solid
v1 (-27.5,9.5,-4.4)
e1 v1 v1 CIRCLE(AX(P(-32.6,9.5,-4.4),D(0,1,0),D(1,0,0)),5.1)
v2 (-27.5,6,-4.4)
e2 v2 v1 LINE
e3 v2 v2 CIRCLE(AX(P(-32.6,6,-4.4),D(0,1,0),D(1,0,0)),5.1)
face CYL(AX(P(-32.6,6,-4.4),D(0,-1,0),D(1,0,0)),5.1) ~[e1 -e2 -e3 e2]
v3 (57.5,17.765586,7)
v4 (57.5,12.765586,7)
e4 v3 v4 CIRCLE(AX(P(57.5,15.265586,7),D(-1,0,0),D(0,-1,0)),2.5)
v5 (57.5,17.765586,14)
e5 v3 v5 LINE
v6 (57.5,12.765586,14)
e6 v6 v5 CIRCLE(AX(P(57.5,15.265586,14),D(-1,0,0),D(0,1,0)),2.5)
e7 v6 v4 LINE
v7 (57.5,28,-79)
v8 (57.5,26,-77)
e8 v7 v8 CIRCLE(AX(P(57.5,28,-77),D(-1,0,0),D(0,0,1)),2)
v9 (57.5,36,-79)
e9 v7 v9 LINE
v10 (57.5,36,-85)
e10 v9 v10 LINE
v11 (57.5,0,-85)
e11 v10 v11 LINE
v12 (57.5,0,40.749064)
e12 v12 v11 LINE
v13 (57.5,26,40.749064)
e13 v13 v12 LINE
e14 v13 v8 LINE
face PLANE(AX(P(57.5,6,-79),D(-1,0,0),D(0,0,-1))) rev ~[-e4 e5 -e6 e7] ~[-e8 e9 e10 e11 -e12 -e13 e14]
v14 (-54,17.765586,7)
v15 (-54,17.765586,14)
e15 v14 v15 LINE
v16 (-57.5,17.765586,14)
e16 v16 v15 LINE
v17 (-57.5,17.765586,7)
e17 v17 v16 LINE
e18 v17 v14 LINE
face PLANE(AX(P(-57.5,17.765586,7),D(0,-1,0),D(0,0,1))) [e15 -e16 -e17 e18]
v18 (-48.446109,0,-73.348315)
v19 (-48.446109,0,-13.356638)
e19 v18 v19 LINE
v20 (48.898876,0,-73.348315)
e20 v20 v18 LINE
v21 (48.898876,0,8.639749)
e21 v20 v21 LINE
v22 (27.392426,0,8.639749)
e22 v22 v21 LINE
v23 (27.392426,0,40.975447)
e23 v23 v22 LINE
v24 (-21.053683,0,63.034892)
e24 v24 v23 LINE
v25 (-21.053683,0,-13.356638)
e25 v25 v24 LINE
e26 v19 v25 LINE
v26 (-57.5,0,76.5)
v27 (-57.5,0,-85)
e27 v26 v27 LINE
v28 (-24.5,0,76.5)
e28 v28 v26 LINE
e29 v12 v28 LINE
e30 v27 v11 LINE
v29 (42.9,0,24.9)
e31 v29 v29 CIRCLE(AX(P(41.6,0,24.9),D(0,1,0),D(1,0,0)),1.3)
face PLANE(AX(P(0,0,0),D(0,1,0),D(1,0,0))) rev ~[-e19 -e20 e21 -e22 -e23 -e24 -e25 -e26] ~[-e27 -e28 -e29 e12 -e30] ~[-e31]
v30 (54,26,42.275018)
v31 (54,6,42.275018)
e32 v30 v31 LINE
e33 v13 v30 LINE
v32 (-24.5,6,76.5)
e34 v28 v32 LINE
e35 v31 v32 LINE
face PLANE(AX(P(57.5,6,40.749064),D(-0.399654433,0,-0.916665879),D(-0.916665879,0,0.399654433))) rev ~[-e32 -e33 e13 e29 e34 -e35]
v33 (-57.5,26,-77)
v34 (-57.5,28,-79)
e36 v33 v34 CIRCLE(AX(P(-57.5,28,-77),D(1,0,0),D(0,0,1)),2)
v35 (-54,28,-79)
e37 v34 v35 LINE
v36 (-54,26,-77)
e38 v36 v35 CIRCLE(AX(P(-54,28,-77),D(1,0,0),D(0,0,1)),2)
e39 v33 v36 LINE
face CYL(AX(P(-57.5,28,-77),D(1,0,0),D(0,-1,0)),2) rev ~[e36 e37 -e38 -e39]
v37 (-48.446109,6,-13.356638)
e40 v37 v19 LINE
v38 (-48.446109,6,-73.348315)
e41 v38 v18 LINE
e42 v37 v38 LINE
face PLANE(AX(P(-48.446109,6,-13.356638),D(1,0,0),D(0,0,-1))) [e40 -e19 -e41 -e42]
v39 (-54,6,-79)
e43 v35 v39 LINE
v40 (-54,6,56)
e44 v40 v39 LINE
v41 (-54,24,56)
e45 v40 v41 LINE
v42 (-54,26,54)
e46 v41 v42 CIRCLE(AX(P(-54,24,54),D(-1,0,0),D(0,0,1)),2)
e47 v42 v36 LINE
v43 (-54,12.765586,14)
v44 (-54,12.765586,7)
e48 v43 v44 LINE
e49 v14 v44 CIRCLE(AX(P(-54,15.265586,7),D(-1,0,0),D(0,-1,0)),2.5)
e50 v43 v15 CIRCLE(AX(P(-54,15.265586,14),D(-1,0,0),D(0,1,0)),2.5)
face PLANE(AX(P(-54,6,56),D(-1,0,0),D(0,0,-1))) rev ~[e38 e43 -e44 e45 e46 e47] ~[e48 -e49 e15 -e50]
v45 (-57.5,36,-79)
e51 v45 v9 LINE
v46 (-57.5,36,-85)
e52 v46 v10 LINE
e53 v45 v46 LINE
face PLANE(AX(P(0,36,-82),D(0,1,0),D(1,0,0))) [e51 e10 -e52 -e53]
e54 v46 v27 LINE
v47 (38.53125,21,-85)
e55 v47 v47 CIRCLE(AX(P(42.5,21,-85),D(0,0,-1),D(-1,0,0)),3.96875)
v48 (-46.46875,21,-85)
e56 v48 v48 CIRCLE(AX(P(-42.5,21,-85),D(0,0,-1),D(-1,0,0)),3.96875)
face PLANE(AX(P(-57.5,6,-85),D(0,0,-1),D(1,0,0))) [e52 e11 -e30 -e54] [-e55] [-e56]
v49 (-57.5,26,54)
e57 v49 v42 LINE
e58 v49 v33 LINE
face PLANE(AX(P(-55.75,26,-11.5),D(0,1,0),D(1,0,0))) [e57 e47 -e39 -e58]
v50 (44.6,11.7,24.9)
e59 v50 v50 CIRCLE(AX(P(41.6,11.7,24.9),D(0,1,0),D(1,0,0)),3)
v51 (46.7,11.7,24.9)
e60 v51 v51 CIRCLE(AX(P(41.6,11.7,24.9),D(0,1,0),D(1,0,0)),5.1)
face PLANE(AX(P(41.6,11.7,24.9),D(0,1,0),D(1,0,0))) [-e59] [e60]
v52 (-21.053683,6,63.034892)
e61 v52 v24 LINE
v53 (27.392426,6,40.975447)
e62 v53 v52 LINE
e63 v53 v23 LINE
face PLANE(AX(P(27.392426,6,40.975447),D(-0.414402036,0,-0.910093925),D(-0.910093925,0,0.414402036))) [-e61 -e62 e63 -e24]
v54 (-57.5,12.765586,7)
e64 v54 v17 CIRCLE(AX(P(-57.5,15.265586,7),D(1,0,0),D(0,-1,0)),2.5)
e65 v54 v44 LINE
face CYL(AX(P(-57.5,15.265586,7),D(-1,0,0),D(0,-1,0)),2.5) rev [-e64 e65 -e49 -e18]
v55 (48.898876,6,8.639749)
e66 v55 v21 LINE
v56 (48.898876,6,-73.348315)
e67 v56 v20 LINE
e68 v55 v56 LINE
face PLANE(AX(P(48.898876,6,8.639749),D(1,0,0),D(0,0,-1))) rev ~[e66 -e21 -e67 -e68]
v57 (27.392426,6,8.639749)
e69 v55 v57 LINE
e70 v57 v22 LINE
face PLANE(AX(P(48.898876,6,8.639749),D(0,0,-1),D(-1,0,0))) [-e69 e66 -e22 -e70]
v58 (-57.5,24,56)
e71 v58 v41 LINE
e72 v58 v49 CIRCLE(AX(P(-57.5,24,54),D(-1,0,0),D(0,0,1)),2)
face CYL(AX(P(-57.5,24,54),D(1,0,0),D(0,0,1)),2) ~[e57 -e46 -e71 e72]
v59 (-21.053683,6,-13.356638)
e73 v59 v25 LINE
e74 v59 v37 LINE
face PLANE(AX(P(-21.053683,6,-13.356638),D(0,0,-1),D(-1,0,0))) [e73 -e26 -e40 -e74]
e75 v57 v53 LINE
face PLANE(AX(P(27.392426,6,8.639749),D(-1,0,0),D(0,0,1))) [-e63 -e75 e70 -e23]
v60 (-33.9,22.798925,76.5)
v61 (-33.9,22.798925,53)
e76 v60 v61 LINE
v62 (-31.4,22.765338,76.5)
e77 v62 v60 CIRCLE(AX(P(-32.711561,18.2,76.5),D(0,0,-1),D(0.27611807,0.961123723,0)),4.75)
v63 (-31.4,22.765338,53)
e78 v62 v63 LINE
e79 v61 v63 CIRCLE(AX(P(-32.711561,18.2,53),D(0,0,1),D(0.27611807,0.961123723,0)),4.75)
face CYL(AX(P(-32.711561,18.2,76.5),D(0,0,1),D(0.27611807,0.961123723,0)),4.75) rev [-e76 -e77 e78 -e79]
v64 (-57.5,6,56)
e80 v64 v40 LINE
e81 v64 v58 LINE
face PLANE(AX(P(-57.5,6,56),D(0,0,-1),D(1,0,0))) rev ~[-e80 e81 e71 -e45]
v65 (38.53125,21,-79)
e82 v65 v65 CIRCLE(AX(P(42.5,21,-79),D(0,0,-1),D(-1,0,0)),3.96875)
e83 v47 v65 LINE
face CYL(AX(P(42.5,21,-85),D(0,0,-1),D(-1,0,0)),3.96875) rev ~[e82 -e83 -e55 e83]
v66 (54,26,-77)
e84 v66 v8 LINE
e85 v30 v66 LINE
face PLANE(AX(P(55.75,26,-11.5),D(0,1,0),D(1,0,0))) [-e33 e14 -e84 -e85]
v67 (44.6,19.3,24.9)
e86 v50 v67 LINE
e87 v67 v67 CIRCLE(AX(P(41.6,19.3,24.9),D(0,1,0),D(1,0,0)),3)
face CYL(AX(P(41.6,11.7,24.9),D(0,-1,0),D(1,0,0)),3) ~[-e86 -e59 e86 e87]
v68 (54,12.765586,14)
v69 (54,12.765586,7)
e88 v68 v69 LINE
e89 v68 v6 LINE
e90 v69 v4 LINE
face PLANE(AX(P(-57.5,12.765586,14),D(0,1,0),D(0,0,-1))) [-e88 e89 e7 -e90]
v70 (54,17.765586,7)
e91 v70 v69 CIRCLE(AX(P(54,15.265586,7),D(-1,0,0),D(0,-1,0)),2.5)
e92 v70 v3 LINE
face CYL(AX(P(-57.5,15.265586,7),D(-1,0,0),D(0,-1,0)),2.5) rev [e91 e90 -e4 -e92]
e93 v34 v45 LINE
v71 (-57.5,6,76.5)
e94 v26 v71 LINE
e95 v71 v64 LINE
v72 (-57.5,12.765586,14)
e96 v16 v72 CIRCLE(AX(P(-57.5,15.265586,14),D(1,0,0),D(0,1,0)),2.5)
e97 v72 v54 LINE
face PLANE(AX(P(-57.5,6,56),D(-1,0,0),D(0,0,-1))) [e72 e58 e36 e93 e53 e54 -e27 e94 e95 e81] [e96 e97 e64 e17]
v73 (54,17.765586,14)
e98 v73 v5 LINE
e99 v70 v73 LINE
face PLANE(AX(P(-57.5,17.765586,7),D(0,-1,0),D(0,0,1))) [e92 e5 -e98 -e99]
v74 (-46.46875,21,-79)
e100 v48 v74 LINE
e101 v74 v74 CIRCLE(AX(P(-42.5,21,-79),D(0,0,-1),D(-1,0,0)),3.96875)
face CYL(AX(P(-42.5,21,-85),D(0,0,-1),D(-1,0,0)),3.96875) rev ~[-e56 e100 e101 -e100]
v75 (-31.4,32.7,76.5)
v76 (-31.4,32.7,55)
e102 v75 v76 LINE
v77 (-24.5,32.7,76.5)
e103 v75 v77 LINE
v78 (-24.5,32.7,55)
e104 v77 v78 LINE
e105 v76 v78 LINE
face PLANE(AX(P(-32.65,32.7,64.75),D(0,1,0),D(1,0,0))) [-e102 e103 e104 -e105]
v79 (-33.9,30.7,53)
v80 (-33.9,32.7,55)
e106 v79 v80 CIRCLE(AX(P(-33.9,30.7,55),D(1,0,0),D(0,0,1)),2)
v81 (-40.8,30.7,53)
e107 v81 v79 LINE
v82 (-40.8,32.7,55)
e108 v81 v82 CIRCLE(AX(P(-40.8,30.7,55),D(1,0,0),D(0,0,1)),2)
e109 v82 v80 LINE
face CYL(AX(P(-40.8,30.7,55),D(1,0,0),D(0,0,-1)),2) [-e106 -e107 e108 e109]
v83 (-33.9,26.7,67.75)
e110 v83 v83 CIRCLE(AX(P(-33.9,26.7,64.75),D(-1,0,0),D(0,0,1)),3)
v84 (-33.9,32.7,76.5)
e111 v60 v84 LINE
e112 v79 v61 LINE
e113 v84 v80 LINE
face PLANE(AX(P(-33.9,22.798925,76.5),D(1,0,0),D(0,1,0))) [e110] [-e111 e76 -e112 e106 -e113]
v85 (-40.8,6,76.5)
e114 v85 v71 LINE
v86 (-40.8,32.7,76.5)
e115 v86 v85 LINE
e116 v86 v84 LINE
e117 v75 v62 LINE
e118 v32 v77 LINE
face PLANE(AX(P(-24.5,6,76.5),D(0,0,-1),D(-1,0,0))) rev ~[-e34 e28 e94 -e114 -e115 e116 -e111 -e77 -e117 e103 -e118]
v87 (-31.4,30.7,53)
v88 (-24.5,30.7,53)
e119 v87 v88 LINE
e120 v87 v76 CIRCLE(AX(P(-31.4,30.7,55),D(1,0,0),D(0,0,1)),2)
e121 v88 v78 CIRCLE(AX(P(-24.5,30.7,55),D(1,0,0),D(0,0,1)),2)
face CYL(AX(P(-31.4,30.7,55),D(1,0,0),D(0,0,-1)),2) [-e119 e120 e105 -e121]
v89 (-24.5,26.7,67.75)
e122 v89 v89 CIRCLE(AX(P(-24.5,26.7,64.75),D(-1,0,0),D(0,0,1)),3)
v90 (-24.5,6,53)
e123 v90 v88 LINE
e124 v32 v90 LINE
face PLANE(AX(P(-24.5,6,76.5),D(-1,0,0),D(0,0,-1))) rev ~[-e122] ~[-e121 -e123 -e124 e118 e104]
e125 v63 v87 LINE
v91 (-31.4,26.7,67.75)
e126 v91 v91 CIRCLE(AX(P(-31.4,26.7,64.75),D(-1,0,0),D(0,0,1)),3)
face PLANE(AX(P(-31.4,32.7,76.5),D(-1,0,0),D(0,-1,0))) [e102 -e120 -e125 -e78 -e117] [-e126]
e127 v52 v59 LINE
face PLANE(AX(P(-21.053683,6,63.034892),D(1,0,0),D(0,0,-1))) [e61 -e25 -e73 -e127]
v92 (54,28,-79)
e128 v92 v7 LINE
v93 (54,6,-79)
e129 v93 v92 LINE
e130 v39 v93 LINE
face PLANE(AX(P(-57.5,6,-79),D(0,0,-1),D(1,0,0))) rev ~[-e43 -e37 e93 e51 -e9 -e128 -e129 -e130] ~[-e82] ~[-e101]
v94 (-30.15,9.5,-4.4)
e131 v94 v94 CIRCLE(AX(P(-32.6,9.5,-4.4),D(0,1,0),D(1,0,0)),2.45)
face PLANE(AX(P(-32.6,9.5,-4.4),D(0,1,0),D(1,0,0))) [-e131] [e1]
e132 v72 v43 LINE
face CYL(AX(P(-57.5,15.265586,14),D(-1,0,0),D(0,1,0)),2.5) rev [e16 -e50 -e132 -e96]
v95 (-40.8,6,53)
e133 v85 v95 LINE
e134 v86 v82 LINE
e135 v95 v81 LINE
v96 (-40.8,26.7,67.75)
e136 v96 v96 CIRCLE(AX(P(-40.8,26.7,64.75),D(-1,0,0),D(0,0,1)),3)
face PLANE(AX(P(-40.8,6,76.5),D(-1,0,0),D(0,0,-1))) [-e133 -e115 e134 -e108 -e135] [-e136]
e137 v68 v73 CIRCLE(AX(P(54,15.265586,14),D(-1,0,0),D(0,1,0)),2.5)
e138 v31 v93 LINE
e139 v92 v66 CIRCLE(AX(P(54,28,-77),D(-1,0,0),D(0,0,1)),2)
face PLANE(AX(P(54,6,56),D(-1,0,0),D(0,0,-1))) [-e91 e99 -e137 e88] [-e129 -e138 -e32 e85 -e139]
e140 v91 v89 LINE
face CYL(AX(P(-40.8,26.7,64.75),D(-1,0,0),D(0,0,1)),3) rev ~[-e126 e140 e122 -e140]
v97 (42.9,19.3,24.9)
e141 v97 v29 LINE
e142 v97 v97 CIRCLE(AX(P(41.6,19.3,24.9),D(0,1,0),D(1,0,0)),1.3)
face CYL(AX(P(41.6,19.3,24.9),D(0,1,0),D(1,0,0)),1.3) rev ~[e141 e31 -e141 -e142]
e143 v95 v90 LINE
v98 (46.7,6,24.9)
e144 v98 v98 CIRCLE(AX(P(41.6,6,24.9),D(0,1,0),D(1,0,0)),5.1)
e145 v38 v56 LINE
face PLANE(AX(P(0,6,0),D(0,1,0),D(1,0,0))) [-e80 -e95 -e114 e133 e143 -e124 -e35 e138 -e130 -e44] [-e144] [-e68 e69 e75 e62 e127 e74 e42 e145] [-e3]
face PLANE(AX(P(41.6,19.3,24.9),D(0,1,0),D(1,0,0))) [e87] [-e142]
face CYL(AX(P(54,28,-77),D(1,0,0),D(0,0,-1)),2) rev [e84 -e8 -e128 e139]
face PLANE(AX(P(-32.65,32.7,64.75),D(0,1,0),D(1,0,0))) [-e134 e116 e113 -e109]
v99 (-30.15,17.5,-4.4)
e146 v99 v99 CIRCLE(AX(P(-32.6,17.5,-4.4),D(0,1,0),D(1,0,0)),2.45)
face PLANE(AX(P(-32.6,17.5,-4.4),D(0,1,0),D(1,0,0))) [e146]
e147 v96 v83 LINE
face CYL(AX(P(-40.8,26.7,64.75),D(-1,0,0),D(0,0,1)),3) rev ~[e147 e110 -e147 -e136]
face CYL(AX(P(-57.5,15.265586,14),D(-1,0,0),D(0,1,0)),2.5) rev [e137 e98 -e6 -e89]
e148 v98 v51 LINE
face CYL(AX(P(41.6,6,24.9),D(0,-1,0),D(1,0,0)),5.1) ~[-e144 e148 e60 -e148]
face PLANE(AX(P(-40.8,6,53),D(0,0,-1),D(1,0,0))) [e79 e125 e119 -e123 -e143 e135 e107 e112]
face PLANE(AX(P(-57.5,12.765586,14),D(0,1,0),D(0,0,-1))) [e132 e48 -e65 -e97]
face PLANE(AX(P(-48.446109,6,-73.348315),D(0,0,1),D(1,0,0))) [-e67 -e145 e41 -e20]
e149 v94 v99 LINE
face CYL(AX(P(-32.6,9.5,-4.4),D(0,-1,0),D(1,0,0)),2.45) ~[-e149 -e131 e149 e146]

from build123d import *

# Parameters (mm, degrees)
SKETCH1_W                               = 115
SKETCH1_H                               = 170
BACK_WALL_EXTRUDE_DEPTH                 = 6
SKETCH2_W                               = 115
SKETCH2_H                               = 6
BOTTOM_PLATE_EXTRUDE_DEPTH              = 30
SKETCH3_W                               = 3.5
SKETCH3_H                               = 135
SIDE_WALLS_EXTRUDE_DEPTH                = 20
SKETCH4_W                               = 16.3
SKETCH4_H                               = 23.5
DIAL_INDIACTOR_HOLDER_EXTRUDE_DEPTH     = 26.7
SKETCH6_R                               = 3
DIAL_INDICATOR_TIGHTENER_HOLE_CUT_DEPTH = 26.7
DIAL_INDICATOR_HOLDER_CUT_DEPTH         = 30
SKETCH7_R                               = 5.1
ARM_BASE_EXTRUDE_DEPTH                  = 5.7
SKETCH8_R                               = 3
ARM_AXLE_EXTRUDE_DEPTH                  = 7.6
SKETCH9_R                               = 5.1
GUIDE_WHEEL_BASE_EXTRUDE_DEPTH          = 3.5
SKETCH10_R                              = 2.45
GUIDE_WHEEL_AXLE_EXTRUDE_DEPTH          = 8
FILAMENT_SLOT_CUT_DEPTH                 = 116
SKETCH13_R                              = 3.96875
MOUNTING_HOLES_CUT_DEPTH                = 8
FILLET1_R                               = 2
SKETCH15_R                              = 1.3
SCREW_HOLE_CUT_DEPTH                    = 20.3
WEIGHT_REDUCTION_CUT_REACH              = 8
WEIGHT_REDUCTION_CUT_2_DEPTH            = 20


with BuildPart() as part:
    # Sketch1 → Back Wall Extrude (new body)
    with BuildSketch(Plane(origin=(0, 0, 0), x_dir=(1, 0, 0), z_dir=(0, 1, 0))):
        Rectangle(SKETCH1_W, SKETCH1_H)
    extrude(amount=BACK_WALL_EXTRUDE_DEPTH)

    # Sketch2 → Bottom Plate Extrude (add)
    with BuildSketch(Plane(origin=(0, 6, 0), x_dir=(1, 0, 0), z_dir=(0, 1, 0))):
        with Locations((0, 82)):
            Rectangle(SKETCH2_W, SKETCH2_H)
    extrude(amount=BOTTOM_PLATE_EXTRUDE_DEPTH)

    # Sketch3 → Side Walls Extrude (add)
    with BuildSketch(Plane(origin=(0, 6, 0), x_dir=(1, 0, 0), z_dir=(0, 1, 0))):
        with Locations((-55.75, 11.5)):
            Rectangle(SKETCH3_W, SKETCH3_H)
        with Locations((55.75, 11.5)):
            Rectangle(SKETCH3_W, SKETCH3_H)
    extrude(amount=SIDE_WALLS_EXTRUDE_DEPTH)

    # Sketch4 → Dial Indiactor Holder Extrude (add)
    with BuildSketch(Plane(origin=(0, 6, 0), x_dir=(1, 0, 0), z_dir=(0, 1, 0))):
        with Locations((-32.65, -64.75)):
            Rectangle(SKETCH4_W, SKETCH4_H)
    extrude(amount=DIAL_INDIACTOR_HOLDER_EXTRUDE_DEPTH)

    # Sketch6 → Dial Indicator Tightener Hole Cut (cut)
    with BuildSketch(Plane.ZY.offset(40.8)):
        with Locations((64.75, 26.7)):
            Circle(SKETCH6_R)
    extrude(amount=-DIAL_INDICATOR_TIGHTENER_HOLE_CUT_DEPTH, mode=Mode.SUBTRACT)

    # Sketch18 → Dial Indicator Holder Cut (cut)
    with BuildSketch(Plane.XY.offset(76.5)):
        with BuildLine():
            Line((-33.9, 32.7), (-31.4, 32.7))
            Line((-31.4, 32.7), (-31.4, 22.765337686))
            ThreePointArc((-31.4, 22.765337686), (-32.775371215, 13.450428626), (-33.9, 22.798925129))
            Line((-33.9, 22.798925129), (-33.9, 32.7))
        make_face()
    extrude(amount=-DIAL_INDICATOR_HOLDER_CUT_DEPTH, mode=Mode.SUBTRACT)

    # Sketch7 → Arm Base Extrude (add)
    with BuildSketch(Plane(origin=(0, 6, 0), x_dir=(1, 0, 0), z_dir=(0, 1, 0))):
        with Locations((41.6, -24.9)):
            Circle(SKETCH7_R)
    extrude(amount=ARM_BASE_EXTRUDE_DEPTH)

    # Sketch8 → Arm Axle Extrude (add)
    with BuildSketch(Plane(origin=(0, 11.7, 0), x_dir=(1, 0, 0), z_dir=(0, 1, 0))):
        with Locations((41.6, -24.9)):
            Circle(SKETCH8_R)
    extrude(amount=ARM_AXLE_EXTRUDE_DEPTH)

    # Sketch9 → Guide Wheel Base Extrude (add)
    with BuildSketch(Plane(origin=(0, 6, 0), x_dir=(1, 0, 0), z_dir=(0, 1, 0))):
        with Locations((-32.6, 4.4)):
            Circle(SKETCH9_R)
    extrude(amount=GUIDE_WHEEL_BASE_EXTRUDE_DEPTH)

    # Sketch10 → Guide Wheel Axle Extrude (add)
    with BuildSketch(Plane(origin=(0, 9.5, 0), x_dir=(1, 0, 0), z_dir=(0, 1, 0))):
        with Locations((-32.6, 4.4)):
            Circle(SKETCH10_R)
    extrude(amount=GUIDE_WHEEL_AXLE_EXTRUDE_DEPTH)

    # Sketch11 → Filament Slot Cut (cut, through all)
    with BuildSketch(Plane.ZY.offset(57.5)):
        with BuildLine():
            Line((14, 12.765586), (7, 12.765586))
            ThreePointArc((7, 12.765586), (4.5, 15.265586), (7, 17.765586))
            Line((7, 17.765586), (14, 17.765586))
            ThreePointArc((14, 17.765586), (16.5, 15.265586), (14, 12.765586))
        make_face()
    extrude(amount=-FILAMENT_SLOT_CUT_DEPTH, mode=Mode.SUBTRACT)

    # Sketch13 → Mounting Holes Cut (cut)
    with BuildSketch(Plane(origin=(0, 0, -85), x_dir=(-1, 0, 0), z_dir=(0, 0, -1))):
        with Locations((42.5, 21)):
            Circle(SKETCH13_R)
        with Locations((-42.5, 21)):
            Circle(SKETCH13_R)
    extrude(amount=-MOUNTING_HOLES_CUT_DEPTH, mode=Mode.SUBTRACT)

    # Fillet1
    fillet1_edges = [part.edges().sort_by_distance(p)[0] for p in [
        (-55.75, 26, 56),
        (-55.75, 26, -79),
        (55.75, 26, -79),
        (55.75, 26, 56),
        (-27.95, 32.7, 53),
        (-37.35, 32.7, 53),
        (-57.5, 3, 85),
    ]]
    fillet(fillet1_edges, radius=FILLET1_R)

    # Sketch15 → Screw Hole Cut (cut, through all)
    with BuildSketch(Plane(origin=(0, 19.3, 0), x_dir=(1, 0, 0), z_dir=(0, 1, 0))):
        with Locations((41.6, -24.9)):
            Circle(SKETCH15_R)
    extrude(amount=-SCREW_HOLE_CUT_DEPTH, mode=Mode.SUBTRACT)

    # Sketch21 → Weight Reduction Cut (cut, up to next)
    with BuildSketch(Plane(origin=(0, 6, 0), x_dir=(1, 0, 0), z_dir=(0, 1, 0)), mode=Mode.PRIVATE) as weight_reduction_cut_sk1:
        Polygon((-48.44610903, 73.348314607), (48.898876404, 73.348314607), (48.898876404, 13.356637536), (48.898876404, -8.639749456), (27.392426134, -8.639749456), (27.392426134, -40.975447357), (-21.053682896, -63.034891603), (-21.053682896, 13.356637536), (-48.44610903, 13.356637536), align=None)
    weight_reduction_cut_tool1 = extrude(weight_reduction_cut_sk1.sketch, amount=-WEIGHT_REDUCTION_CUT_REACH, mode=Mode.PRIVATE) & part.part
    add(weight_reduction_cut_tool1.solids().sort_by_distance((2.646642, 6, -20.266546))[0], mode=Mode.SUBTRACT)

    # Sketch22 → Weight Reduction Cut 2 (cut, symmetric)
    with BuildSketch(Plane(origin=(0, 6, 0), x_dir=(1, 0, 0), z_dir=(0, 1, 0))):
        Polygon((57.5, -40.74906367), (-24.5, -76.5), (-57.5, -76.5), (-57.5, -85), (57.5, -85), align=None)
    extrude(amount=WEIGHT_REDUCTION_CUT_2_DEPTH, both=True, mode=Mode.SUBTRACT)


solid = part.part
